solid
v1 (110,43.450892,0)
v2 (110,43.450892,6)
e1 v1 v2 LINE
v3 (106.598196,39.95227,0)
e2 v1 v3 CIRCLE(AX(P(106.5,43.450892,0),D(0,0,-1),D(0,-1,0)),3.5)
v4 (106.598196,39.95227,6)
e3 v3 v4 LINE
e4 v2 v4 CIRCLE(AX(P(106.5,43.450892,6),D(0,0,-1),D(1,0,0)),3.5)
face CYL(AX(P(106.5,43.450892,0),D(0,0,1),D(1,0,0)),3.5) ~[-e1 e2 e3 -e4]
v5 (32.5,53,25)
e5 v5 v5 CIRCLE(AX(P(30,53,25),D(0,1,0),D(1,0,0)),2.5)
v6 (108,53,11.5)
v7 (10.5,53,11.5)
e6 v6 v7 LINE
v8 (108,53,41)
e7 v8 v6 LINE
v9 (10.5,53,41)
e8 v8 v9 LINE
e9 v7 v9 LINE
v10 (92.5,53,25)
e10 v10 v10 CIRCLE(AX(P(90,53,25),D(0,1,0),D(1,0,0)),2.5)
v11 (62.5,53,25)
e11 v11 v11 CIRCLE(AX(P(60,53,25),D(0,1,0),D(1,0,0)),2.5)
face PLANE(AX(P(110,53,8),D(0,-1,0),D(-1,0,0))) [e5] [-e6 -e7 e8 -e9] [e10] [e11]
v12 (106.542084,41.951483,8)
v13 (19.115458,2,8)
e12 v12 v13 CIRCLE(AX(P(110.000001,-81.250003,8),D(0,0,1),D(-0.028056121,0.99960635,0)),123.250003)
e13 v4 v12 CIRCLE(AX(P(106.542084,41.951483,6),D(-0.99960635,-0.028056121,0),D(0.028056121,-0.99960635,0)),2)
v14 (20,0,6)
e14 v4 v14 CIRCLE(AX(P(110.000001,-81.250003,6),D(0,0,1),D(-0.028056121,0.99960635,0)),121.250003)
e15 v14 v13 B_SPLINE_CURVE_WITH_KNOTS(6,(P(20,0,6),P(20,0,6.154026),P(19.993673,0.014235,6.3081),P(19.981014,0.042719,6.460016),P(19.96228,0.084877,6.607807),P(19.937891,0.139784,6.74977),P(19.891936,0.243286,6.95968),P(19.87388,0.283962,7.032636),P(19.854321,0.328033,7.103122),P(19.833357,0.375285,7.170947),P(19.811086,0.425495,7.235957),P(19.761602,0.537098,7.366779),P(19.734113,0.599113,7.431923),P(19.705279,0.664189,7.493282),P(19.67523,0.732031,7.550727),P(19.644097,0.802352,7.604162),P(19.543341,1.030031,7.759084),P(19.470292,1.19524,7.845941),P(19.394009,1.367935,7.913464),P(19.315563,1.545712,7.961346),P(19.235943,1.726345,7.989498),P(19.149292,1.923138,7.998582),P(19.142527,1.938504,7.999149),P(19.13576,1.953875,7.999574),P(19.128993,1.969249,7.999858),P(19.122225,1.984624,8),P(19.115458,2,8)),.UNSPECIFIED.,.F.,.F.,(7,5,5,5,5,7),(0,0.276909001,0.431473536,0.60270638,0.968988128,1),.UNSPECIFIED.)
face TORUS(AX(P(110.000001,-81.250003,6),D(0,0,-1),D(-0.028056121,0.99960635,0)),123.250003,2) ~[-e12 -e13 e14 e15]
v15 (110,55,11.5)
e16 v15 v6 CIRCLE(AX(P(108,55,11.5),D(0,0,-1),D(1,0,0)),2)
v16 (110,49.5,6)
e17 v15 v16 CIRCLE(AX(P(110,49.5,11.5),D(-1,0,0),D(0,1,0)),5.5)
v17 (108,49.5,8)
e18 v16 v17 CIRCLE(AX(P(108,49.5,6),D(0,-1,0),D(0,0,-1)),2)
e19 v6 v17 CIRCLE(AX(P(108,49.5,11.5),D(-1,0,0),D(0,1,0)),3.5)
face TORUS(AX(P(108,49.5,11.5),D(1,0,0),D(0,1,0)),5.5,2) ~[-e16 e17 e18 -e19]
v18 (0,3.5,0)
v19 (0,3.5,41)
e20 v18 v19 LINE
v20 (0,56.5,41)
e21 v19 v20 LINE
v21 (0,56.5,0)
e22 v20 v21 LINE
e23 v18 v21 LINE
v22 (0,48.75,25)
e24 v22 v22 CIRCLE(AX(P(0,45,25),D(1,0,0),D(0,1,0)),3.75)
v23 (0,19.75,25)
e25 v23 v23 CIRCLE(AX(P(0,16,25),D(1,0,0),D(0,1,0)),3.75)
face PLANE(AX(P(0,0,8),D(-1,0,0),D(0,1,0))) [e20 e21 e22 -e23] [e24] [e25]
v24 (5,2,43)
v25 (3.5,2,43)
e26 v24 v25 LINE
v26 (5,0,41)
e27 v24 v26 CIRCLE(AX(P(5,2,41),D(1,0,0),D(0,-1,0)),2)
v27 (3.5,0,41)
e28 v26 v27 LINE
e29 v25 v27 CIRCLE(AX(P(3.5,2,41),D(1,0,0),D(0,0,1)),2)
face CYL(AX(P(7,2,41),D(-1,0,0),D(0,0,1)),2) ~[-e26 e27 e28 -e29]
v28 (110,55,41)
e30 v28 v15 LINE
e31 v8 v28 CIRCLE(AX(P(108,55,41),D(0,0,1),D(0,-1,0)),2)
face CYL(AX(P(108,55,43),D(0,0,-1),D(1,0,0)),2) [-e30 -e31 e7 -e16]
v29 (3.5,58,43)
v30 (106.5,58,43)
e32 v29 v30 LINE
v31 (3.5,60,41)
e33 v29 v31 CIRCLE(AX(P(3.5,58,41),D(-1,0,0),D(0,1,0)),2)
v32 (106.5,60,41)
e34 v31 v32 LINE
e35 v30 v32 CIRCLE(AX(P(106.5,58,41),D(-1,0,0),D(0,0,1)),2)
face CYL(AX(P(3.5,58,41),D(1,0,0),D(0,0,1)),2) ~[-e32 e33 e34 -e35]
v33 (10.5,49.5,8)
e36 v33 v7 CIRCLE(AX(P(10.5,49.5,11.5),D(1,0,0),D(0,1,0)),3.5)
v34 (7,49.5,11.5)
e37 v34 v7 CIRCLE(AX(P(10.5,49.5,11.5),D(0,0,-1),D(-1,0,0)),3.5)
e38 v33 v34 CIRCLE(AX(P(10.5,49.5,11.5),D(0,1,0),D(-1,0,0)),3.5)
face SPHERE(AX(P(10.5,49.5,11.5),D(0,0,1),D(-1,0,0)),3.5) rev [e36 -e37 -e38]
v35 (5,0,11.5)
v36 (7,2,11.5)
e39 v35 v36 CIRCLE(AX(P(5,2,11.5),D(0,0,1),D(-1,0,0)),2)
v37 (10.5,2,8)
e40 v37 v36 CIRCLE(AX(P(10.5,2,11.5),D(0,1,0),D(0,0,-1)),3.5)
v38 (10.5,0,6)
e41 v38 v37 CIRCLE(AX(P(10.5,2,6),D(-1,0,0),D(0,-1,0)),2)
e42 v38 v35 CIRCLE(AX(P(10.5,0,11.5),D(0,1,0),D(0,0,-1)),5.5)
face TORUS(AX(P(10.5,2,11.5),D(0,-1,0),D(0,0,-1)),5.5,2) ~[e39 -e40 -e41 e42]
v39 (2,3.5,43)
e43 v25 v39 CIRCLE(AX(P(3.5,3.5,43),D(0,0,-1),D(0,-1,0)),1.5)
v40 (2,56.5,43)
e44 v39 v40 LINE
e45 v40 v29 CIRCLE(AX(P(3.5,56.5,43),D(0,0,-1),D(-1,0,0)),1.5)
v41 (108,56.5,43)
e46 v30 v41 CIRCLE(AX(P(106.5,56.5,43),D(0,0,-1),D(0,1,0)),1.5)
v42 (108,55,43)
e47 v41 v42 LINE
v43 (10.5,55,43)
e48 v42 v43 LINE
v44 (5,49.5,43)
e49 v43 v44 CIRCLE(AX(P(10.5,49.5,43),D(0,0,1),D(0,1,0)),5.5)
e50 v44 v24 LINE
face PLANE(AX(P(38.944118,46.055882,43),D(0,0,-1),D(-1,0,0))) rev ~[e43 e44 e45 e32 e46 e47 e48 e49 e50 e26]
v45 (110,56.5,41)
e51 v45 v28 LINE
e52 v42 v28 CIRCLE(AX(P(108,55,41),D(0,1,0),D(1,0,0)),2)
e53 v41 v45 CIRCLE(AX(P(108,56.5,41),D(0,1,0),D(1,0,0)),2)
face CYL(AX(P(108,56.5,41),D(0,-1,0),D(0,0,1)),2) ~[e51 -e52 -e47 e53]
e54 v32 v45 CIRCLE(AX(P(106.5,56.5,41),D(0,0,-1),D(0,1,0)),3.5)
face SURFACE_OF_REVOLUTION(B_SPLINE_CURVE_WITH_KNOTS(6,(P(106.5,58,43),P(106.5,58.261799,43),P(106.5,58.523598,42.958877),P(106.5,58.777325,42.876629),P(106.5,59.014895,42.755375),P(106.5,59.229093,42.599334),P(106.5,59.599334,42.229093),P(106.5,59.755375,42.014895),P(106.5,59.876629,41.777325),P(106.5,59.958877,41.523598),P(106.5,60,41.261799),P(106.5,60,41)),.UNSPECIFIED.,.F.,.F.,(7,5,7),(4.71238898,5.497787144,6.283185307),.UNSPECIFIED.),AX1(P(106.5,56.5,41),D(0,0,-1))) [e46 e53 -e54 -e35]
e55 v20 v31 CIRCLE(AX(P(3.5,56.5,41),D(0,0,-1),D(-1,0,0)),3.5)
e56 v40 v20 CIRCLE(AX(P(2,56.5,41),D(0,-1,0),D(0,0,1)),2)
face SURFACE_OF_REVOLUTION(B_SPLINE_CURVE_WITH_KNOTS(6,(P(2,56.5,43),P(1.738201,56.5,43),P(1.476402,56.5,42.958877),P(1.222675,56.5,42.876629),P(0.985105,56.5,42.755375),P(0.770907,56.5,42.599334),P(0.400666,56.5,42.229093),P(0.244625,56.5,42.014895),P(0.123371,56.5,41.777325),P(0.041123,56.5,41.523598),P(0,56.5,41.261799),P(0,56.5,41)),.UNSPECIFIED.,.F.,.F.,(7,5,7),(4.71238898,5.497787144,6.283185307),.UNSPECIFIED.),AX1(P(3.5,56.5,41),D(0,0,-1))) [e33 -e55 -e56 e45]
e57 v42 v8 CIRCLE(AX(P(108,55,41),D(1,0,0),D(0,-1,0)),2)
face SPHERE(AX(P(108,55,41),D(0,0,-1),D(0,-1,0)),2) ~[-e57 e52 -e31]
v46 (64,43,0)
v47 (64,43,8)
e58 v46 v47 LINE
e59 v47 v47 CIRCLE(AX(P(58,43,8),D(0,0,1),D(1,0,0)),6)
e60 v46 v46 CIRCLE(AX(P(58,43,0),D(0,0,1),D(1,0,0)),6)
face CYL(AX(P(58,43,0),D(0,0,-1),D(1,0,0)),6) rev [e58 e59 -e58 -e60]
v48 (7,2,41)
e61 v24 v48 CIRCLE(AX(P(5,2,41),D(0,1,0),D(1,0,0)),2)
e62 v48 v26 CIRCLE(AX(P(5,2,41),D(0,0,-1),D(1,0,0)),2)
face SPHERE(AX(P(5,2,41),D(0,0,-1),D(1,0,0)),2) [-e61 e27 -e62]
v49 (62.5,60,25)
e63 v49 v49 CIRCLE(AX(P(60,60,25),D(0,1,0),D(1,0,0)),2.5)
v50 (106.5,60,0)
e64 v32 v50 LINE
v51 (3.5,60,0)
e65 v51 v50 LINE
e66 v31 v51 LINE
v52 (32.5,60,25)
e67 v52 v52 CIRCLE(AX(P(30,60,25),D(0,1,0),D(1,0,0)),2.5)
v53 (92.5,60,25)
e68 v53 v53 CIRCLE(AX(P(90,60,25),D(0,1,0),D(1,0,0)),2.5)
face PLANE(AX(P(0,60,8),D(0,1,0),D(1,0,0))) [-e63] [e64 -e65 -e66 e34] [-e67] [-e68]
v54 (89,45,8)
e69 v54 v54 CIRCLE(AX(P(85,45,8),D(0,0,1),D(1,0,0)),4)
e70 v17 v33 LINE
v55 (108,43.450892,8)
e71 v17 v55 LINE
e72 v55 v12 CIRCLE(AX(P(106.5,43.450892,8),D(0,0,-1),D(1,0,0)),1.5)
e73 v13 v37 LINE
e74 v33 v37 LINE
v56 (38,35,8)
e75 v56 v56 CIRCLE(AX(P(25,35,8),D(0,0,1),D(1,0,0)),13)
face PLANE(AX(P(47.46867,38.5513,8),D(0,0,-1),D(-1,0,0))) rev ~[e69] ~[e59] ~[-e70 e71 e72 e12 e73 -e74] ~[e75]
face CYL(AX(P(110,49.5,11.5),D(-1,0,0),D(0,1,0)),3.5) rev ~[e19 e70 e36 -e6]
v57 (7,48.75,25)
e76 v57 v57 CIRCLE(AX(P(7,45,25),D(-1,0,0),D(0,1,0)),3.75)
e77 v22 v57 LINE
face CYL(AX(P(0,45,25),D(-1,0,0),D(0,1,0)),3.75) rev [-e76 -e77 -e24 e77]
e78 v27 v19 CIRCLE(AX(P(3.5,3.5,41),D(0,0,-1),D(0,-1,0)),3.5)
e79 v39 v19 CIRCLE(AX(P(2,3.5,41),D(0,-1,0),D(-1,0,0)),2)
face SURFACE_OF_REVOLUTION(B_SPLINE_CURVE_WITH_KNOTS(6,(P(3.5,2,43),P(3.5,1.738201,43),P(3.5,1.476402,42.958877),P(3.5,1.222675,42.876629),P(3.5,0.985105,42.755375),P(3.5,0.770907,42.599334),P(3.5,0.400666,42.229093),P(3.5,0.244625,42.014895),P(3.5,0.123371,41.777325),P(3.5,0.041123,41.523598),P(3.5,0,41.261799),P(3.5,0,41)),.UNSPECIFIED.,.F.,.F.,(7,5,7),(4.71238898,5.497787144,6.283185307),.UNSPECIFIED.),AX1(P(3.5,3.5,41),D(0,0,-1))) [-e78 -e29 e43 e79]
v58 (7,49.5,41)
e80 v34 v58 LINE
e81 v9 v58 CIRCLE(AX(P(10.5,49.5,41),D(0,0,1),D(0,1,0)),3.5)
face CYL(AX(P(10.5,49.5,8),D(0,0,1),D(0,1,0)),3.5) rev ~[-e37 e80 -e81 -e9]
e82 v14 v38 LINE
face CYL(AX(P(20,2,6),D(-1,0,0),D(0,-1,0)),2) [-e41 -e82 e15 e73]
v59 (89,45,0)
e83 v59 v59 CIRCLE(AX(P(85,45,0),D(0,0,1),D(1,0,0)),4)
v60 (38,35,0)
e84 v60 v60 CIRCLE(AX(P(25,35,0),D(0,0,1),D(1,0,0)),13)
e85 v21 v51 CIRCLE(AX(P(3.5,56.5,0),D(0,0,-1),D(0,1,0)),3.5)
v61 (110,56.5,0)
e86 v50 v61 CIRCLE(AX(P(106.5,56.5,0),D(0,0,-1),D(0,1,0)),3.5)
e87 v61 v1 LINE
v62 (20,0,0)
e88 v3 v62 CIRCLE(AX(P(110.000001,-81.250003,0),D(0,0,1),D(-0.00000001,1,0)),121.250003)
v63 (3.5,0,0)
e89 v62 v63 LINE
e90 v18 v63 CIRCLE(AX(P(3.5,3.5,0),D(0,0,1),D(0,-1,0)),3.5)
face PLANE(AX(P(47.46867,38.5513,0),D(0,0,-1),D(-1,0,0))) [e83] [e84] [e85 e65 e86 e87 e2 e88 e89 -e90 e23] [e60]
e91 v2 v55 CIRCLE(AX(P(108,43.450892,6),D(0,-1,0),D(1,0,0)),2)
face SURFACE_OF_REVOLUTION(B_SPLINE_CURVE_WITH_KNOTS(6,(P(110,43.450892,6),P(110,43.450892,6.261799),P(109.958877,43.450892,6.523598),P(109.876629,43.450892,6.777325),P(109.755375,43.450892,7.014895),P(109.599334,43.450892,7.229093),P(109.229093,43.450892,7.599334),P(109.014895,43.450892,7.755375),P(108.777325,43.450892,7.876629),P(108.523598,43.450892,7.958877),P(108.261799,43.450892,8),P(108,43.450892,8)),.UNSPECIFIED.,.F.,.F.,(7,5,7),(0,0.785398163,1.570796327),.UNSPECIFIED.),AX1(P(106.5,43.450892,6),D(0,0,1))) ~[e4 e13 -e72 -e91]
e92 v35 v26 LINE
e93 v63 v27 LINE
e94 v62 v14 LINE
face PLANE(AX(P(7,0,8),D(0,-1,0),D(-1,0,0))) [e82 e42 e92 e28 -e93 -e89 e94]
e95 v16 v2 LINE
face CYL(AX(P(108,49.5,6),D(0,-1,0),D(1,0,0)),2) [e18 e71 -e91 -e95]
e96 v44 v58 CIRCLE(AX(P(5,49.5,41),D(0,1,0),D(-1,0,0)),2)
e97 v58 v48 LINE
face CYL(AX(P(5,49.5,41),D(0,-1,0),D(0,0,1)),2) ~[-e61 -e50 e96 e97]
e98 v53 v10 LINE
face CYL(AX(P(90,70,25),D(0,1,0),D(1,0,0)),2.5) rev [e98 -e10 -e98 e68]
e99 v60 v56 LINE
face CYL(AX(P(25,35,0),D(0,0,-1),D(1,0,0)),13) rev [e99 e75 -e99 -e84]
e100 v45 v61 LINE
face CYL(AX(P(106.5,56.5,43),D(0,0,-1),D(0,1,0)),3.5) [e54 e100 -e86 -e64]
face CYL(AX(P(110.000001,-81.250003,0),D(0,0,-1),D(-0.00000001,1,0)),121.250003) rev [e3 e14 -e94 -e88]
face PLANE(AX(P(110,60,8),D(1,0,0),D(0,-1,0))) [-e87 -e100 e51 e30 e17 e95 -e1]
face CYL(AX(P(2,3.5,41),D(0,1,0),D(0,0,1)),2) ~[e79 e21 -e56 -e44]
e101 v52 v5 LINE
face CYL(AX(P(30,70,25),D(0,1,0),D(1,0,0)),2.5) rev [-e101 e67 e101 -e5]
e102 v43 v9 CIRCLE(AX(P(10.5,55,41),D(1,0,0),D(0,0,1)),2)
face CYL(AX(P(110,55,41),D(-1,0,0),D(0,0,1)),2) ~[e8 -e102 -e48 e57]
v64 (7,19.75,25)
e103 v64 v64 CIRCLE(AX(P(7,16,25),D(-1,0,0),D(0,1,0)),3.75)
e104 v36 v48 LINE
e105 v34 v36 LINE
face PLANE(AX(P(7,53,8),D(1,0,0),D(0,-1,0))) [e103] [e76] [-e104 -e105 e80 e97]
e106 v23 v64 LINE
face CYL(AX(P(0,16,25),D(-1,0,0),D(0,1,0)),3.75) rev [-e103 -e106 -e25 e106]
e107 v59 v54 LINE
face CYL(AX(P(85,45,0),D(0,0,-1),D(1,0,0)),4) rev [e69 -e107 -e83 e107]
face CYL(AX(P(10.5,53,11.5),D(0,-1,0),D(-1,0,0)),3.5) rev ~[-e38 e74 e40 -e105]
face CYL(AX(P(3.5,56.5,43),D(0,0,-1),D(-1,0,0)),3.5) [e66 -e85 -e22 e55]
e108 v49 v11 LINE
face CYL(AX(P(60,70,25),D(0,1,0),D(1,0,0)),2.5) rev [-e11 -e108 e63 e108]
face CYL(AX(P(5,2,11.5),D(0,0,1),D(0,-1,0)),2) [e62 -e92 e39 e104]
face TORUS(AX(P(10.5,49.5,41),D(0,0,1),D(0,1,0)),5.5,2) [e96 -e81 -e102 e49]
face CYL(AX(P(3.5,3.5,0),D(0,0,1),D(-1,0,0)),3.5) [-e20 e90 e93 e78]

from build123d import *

# Parameters (mm, degrees)
SKETCH052_R       = 13
SKETCH052_R_2     = 6
SKETCH052_R_3     = 4
PAD027_DEPTH      = 8
PAD028_DEPTH      = 35
CYLINDER016_R     = 3.75
CYLINDER016_DEPTH = 40
CYLINDER017_R     = 3.75
CYLINDER017_DEPTH = 30
CYLINDER018_R     = 2.5
CYLINDER018_DEPTH = 50
CYLINDER019_R     = 2.5
CYLINDER019_DEPTH = 40
CYLINDER020_R     = 2.5
CYLINDER020_DEPTH = 40
FILLET022_R       = 3.5
FILLET023_R       = 2


with BuildPart() as part:
    # Sketch052 → Pad027 (new body)
    with BuildSketch(Plane.XY):
        with BuildLine():
            Line((0, 0), (0, 60))
            Line((0, 60), (110, 60))
            Line((110, 60), (110, 40))
            ThreePointArc((110, 40), (60.755711, 29.54965), (20, 0))
            Line((20, 0), (0, 0))
        make_face()
        with Locations((25, 35)):
            Circle(SKETCH052_R, mode=Mode.SUBTRACT)
        with Locations((58, 43)):
            Circle(SKETCH052_R_2, mode=Mode.SUBTRACT)
        with Locations((85, 45)):
            Circle(SKETCH052_R_3, mode=Mode.SUBTRACT)
    extrude(amount=PAD027_DEPTH)

    # Sketch053 (on Face10 of Pad027) → Pad028 (join)
    with BuildSketch(Plane.XY.offset(8)):
        Polygon((0, 0), (0, 60), (110, 60), (110, 53), (7, 53), (7, 0), align=None)
    extrude(amount=PAD028_DEPTH)

    # Cylinder016 → Cylinder016 (cut)
    with BuildSketch(Plane(origin=(0, 45, 25), x_dir=(0, 1, 0), z_dir=(1, 0, 0))):
        Circle(CYLINDER016_R)
    extrude(amount=CYLINDER016_DEPTH, mode=Mode.SUBTRACT)

    # Cylinder017 → Cylinder017 (cut)
    with BuildSketch(Plane(origin=(0, 16, 25), x_dir=(0, 1, 0), z_dir=(1, 0, 0))):
        Circle(CYLINDER017_R)
    extrude(amount=CYLINDER017_DEPTH, mode=Mode.SUBTRACT)

    # Cylinder018 → Cylinder018 (cut)
    with BuildSketch(Plane(origin=(30, 70, 25), x_dir=(1, 0, 0), z_dir=(0, -1, 0))):
        Circle(CYLINDER018_R)
    extrude(amount=CYLINDER018_DEPTH, mode=Mode.SUBTRACT)

    # Cylinder019 → Cylinder019 (cut)
    with BuildSketch(Plane(origin=(60, 70, 25), x_dir=(1, 0, 0), z_dir=(0, -1, 0))):
        Circle(CYLINDER019_R)
    extrude(amount=CYLINDER019_DEPTH, mode=Mode.SUBTRACT)

    # Cylinder020 → Cylinder020 (cut)
    with BuildSketch(Plane(origin=(90, 70, 25), x_dir=(1, 0, 0), z_dir=(0, -1, 0))):
        Circle(CYLINDER020_R)
    extrude(amount=CYLINDER020_DEPTH, mode=Mode.SUBTRACT)

    # Fillet022
    fillet022_edges = [part.edges().sort_by_distance(p)[0] for p in [
        (0, 60, 25.5),
        (7, 53, 25.5),
        (0, 0, 25.5),
        (7, 26.5, 8),
        (58.5, 53, 8),
        (110, 40, 4),
        (110, 60, 25.5),
    ]]
    fillet(fillet022_edges, radius=FILLET022_R)

    # Fillet023
    fillet023_edges = [part.edges().sort_by_distance(p)[0] for p in [
        (59.206101, 28.847876, 8),
        (15.25, 0, 8),
        (7, 24.75, 43),
        (55, 60, 43),
    ]]
    fillet(fillet023_edges, radius=FILLET023_R)


solid = part.part
